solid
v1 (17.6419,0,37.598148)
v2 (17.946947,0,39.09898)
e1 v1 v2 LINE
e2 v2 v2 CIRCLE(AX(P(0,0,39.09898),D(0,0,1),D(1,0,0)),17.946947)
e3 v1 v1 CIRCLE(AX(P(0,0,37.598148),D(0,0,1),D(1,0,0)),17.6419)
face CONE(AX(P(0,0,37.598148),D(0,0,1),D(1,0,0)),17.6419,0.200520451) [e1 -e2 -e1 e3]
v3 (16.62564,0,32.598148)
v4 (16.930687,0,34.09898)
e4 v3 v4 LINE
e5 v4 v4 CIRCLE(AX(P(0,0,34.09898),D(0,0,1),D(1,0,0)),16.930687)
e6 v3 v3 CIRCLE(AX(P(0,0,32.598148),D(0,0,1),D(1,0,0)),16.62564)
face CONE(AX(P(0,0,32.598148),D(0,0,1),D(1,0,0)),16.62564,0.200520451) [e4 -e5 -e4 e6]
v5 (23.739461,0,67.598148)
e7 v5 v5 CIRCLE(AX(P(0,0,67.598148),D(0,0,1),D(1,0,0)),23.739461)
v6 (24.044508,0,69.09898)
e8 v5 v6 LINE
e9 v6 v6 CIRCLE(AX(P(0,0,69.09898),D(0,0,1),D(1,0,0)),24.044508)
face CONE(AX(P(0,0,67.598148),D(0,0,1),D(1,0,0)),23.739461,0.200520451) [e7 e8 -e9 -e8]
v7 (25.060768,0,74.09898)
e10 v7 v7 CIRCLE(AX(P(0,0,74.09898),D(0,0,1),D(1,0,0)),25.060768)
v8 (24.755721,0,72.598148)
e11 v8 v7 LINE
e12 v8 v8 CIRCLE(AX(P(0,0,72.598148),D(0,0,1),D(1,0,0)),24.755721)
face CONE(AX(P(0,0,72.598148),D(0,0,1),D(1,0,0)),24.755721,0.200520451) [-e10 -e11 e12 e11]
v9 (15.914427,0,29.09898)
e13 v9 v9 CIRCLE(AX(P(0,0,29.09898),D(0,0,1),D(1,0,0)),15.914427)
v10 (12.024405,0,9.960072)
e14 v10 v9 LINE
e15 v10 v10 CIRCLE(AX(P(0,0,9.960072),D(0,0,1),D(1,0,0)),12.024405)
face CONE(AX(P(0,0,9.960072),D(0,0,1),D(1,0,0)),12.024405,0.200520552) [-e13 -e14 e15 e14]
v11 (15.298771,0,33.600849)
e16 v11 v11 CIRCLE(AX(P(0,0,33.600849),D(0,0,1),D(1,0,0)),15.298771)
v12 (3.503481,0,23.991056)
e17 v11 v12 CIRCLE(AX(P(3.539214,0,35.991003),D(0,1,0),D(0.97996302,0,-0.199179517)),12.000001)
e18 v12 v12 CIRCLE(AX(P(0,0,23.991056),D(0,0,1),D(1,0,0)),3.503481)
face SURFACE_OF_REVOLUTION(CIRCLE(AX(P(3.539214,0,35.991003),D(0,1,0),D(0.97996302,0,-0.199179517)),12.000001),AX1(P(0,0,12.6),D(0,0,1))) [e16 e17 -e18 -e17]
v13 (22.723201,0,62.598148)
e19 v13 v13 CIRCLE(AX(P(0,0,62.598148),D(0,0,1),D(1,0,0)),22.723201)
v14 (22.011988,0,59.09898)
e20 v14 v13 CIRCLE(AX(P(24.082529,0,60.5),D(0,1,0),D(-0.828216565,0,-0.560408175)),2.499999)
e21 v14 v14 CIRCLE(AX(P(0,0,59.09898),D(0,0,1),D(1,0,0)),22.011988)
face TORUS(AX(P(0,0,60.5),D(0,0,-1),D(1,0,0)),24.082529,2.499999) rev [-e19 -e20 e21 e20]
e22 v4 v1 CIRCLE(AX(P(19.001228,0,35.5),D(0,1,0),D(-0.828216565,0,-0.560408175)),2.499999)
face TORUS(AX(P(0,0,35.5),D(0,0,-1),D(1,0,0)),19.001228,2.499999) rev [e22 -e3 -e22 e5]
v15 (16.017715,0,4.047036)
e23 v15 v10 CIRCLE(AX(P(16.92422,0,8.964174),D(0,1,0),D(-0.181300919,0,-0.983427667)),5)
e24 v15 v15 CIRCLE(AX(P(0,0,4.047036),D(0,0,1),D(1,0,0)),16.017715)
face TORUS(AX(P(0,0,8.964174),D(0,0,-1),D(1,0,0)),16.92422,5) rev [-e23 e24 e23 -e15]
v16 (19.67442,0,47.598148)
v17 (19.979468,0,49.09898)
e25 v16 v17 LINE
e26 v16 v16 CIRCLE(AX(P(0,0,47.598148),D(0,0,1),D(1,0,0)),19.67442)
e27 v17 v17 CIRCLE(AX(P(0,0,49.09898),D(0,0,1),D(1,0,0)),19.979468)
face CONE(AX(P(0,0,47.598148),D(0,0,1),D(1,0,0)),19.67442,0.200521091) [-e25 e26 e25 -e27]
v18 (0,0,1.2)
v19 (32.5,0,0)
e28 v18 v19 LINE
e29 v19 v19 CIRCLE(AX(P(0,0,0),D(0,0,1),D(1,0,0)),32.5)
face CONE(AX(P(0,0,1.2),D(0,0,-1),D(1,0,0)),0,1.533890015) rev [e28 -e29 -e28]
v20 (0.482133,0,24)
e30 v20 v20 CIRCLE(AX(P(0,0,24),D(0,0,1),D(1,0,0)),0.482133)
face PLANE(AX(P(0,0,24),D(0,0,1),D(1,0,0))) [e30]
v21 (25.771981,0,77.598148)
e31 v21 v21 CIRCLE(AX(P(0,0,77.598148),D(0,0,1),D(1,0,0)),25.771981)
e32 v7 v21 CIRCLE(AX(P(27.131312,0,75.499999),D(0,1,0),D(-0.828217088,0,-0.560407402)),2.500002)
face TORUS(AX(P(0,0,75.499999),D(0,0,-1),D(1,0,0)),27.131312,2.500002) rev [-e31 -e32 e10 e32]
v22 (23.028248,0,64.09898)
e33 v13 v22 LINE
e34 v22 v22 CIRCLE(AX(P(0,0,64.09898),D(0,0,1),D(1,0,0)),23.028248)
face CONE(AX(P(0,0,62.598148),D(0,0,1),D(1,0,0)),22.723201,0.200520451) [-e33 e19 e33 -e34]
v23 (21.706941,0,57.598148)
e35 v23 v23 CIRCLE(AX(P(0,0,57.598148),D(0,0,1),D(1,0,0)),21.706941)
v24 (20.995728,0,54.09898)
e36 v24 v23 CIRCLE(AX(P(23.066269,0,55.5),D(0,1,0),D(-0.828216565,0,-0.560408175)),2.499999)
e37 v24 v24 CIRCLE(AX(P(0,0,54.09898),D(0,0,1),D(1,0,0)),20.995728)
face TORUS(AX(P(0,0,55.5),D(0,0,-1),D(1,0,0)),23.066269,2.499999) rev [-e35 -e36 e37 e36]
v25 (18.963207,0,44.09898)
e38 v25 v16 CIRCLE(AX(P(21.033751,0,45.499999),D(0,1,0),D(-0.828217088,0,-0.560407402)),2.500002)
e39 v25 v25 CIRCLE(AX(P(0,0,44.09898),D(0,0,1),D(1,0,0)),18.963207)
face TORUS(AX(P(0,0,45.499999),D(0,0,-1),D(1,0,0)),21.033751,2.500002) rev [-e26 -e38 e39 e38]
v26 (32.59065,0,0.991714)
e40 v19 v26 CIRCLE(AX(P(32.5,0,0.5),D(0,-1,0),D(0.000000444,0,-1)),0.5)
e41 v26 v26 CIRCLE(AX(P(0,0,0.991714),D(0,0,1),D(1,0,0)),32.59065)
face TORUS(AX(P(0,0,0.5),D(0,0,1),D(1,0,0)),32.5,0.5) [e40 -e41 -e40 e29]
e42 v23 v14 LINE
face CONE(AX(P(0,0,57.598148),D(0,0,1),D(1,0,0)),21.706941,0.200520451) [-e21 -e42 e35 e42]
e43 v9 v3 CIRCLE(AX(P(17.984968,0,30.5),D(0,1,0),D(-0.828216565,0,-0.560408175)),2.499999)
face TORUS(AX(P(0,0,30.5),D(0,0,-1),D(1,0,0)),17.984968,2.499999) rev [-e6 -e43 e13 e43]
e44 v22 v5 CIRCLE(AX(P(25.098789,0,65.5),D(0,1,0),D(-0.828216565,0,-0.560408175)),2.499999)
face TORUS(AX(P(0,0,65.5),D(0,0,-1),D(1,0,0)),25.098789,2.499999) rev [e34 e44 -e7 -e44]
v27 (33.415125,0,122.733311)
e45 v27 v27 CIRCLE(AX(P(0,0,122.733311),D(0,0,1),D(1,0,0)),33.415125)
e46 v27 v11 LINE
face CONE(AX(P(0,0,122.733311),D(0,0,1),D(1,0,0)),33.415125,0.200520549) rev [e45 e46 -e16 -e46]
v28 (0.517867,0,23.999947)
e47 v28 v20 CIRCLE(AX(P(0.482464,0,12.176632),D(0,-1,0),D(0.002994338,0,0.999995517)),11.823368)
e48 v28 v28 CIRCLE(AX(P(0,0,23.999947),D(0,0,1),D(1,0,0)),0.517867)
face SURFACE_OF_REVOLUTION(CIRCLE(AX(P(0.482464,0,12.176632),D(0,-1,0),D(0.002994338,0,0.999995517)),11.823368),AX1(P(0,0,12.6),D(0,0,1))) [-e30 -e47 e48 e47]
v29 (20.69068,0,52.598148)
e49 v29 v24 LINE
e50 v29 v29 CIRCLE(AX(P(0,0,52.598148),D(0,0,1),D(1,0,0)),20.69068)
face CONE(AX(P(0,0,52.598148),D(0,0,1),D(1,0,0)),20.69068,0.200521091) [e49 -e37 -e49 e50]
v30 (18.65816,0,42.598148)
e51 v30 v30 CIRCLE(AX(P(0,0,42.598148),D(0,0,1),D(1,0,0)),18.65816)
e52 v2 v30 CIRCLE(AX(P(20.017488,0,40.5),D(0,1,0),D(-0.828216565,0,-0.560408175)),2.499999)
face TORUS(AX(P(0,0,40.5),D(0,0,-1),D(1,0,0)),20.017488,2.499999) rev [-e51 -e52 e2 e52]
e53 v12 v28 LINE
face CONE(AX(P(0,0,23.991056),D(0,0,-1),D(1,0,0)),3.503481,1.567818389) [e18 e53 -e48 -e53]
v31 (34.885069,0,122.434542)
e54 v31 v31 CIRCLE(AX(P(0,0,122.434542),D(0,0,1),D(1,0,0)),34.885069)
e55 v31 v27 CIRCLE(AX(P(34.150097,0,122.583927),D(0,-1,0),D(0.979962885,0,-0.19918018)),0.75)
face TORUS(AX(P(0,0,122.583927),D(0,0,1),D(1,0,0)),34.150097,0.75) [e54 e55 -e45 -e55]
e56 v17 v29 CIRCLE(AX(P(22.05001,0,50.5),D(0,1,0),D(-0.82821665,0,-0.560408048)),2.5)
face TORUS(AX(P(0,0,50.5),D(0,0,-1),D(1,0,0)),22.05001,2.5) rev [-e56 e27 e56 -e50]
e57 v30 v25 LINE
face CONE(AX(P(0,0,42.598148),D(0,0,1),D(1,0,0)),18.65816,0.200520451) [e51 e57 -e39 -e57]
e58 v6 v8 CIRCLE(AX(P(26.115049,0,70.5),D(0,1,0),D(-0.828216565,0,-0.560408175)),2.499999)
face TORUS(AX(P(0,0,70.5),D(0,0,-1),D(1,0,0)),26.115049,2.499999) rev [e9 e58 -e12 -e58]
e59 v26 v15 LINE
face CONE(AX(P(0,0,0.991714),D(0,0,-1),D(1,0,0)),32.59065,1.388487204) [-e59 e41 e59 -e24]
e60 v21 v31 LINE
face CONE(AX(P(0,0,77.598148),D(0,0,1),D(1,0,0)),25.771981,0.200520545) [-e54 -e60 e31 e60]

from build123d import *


with BuildPart() as f1:
    # F0 (on Front) → F1 (revolve)
    with BuildSketch(Plane.XZ):
        with BuildLine():
            ThreePointArc((16.017715, 4.047036), (12.78063, 6.165842), (12.024405, 9.960072))
            Line((12.024405, 9.960072), (15.914427, 29.09898))
            ThreePointArc((15.914427, 29.09898), (15.535061, 30.997949), (16.62564, 32.598148))
            Line((16.62564, 32.598148), (16.930687, 34.09898))
            ThreePointArc((16.930687, 34.09898), (16.551321, 35.997949), (17.6419, 37.598148))
            Line((17.6419, 37.598148), (17.946947, 39.09898))
            ThreePointArc((17.946947, 39.09898), (17.567581, 40.997949), (18.65816, 42.598148))
            Line((18.65816, 42.598148), (18.963207, 44.09898))
            ThreePointArc((18.963207, 44.09898), (18.583842, 45.997949), (19.67442, 47.598148))
            Line((19.67442, 47.598148), (19.979468, 49.09898))
            ThreePointArc((19.979468, 49.09898), (19.600102, 50.997949), (20.69068, 52.598148))
            Line((20.69068, 52.598148), (20.995728, 54.09898))
            ThreePointArc((20.995728, 54.09898), (20.616362, 55.997949), (21.706941, 57.598148))
            Line((21.706941, 57.598148), (22.011988, 59.09898))
            ThreePointArc((22.011988, 59.09898), (21.632622, 60.997949), (22.723201, 62.598148))
            Line((22.723201, 62.598148), (23.028248, 64.09898))
            ThreePointArc((23.028248, 64.09898), (22.648882, 65.997949), (23.739461, 67.598148))
            Line((23.739461, 67.598148), (24.044508, 69.09898))
            ThreePointArc((24.044508, 69.09898), (23.665142, 70.997949), (24.755721, 72.598148))
            Line((24.755721, 72.598148), (25.060768, 74.09898))
            ThreePointArc((25.060768, 74.09898), (24.681403, 75.997949), (25.771981, 77.598148))
            Line((25.771981, 77.598148), (34.885069, 122.434542))
            ThreePointArc((34.885069, 122.434542), (34.299482, 123.318899), (33.415125, 122.733311))
            Line((33.415125, 122.733311), (15.298771, 33.600849))
            ThreePointArc((15.298771, 33.600849), (11.118729, 26.687726), (3.503481, 23.991056))
            Line((3.503481, 23.991056), (0.517867, 23.999947))
            ThreePointArc((0.517867, 23.999947), (0.5, 23.999987), (0.482133, 24))
            Line((0.482133, 24), (0, 24))
            Line((0, 24), (0, 1.2))
            Line((0, 1.2), (32.5, 0))
            ThreePointArc((32.5, 0), (32.997924, 0.454486), (32.59065, 0.991714))
            Line((32.59065, 0.991714), (16.017715, 4.047036))
        make_face()
    revolve(axis=Axis((0, 0, 12.6), (0, 0, 1)))


solid = f1.part
